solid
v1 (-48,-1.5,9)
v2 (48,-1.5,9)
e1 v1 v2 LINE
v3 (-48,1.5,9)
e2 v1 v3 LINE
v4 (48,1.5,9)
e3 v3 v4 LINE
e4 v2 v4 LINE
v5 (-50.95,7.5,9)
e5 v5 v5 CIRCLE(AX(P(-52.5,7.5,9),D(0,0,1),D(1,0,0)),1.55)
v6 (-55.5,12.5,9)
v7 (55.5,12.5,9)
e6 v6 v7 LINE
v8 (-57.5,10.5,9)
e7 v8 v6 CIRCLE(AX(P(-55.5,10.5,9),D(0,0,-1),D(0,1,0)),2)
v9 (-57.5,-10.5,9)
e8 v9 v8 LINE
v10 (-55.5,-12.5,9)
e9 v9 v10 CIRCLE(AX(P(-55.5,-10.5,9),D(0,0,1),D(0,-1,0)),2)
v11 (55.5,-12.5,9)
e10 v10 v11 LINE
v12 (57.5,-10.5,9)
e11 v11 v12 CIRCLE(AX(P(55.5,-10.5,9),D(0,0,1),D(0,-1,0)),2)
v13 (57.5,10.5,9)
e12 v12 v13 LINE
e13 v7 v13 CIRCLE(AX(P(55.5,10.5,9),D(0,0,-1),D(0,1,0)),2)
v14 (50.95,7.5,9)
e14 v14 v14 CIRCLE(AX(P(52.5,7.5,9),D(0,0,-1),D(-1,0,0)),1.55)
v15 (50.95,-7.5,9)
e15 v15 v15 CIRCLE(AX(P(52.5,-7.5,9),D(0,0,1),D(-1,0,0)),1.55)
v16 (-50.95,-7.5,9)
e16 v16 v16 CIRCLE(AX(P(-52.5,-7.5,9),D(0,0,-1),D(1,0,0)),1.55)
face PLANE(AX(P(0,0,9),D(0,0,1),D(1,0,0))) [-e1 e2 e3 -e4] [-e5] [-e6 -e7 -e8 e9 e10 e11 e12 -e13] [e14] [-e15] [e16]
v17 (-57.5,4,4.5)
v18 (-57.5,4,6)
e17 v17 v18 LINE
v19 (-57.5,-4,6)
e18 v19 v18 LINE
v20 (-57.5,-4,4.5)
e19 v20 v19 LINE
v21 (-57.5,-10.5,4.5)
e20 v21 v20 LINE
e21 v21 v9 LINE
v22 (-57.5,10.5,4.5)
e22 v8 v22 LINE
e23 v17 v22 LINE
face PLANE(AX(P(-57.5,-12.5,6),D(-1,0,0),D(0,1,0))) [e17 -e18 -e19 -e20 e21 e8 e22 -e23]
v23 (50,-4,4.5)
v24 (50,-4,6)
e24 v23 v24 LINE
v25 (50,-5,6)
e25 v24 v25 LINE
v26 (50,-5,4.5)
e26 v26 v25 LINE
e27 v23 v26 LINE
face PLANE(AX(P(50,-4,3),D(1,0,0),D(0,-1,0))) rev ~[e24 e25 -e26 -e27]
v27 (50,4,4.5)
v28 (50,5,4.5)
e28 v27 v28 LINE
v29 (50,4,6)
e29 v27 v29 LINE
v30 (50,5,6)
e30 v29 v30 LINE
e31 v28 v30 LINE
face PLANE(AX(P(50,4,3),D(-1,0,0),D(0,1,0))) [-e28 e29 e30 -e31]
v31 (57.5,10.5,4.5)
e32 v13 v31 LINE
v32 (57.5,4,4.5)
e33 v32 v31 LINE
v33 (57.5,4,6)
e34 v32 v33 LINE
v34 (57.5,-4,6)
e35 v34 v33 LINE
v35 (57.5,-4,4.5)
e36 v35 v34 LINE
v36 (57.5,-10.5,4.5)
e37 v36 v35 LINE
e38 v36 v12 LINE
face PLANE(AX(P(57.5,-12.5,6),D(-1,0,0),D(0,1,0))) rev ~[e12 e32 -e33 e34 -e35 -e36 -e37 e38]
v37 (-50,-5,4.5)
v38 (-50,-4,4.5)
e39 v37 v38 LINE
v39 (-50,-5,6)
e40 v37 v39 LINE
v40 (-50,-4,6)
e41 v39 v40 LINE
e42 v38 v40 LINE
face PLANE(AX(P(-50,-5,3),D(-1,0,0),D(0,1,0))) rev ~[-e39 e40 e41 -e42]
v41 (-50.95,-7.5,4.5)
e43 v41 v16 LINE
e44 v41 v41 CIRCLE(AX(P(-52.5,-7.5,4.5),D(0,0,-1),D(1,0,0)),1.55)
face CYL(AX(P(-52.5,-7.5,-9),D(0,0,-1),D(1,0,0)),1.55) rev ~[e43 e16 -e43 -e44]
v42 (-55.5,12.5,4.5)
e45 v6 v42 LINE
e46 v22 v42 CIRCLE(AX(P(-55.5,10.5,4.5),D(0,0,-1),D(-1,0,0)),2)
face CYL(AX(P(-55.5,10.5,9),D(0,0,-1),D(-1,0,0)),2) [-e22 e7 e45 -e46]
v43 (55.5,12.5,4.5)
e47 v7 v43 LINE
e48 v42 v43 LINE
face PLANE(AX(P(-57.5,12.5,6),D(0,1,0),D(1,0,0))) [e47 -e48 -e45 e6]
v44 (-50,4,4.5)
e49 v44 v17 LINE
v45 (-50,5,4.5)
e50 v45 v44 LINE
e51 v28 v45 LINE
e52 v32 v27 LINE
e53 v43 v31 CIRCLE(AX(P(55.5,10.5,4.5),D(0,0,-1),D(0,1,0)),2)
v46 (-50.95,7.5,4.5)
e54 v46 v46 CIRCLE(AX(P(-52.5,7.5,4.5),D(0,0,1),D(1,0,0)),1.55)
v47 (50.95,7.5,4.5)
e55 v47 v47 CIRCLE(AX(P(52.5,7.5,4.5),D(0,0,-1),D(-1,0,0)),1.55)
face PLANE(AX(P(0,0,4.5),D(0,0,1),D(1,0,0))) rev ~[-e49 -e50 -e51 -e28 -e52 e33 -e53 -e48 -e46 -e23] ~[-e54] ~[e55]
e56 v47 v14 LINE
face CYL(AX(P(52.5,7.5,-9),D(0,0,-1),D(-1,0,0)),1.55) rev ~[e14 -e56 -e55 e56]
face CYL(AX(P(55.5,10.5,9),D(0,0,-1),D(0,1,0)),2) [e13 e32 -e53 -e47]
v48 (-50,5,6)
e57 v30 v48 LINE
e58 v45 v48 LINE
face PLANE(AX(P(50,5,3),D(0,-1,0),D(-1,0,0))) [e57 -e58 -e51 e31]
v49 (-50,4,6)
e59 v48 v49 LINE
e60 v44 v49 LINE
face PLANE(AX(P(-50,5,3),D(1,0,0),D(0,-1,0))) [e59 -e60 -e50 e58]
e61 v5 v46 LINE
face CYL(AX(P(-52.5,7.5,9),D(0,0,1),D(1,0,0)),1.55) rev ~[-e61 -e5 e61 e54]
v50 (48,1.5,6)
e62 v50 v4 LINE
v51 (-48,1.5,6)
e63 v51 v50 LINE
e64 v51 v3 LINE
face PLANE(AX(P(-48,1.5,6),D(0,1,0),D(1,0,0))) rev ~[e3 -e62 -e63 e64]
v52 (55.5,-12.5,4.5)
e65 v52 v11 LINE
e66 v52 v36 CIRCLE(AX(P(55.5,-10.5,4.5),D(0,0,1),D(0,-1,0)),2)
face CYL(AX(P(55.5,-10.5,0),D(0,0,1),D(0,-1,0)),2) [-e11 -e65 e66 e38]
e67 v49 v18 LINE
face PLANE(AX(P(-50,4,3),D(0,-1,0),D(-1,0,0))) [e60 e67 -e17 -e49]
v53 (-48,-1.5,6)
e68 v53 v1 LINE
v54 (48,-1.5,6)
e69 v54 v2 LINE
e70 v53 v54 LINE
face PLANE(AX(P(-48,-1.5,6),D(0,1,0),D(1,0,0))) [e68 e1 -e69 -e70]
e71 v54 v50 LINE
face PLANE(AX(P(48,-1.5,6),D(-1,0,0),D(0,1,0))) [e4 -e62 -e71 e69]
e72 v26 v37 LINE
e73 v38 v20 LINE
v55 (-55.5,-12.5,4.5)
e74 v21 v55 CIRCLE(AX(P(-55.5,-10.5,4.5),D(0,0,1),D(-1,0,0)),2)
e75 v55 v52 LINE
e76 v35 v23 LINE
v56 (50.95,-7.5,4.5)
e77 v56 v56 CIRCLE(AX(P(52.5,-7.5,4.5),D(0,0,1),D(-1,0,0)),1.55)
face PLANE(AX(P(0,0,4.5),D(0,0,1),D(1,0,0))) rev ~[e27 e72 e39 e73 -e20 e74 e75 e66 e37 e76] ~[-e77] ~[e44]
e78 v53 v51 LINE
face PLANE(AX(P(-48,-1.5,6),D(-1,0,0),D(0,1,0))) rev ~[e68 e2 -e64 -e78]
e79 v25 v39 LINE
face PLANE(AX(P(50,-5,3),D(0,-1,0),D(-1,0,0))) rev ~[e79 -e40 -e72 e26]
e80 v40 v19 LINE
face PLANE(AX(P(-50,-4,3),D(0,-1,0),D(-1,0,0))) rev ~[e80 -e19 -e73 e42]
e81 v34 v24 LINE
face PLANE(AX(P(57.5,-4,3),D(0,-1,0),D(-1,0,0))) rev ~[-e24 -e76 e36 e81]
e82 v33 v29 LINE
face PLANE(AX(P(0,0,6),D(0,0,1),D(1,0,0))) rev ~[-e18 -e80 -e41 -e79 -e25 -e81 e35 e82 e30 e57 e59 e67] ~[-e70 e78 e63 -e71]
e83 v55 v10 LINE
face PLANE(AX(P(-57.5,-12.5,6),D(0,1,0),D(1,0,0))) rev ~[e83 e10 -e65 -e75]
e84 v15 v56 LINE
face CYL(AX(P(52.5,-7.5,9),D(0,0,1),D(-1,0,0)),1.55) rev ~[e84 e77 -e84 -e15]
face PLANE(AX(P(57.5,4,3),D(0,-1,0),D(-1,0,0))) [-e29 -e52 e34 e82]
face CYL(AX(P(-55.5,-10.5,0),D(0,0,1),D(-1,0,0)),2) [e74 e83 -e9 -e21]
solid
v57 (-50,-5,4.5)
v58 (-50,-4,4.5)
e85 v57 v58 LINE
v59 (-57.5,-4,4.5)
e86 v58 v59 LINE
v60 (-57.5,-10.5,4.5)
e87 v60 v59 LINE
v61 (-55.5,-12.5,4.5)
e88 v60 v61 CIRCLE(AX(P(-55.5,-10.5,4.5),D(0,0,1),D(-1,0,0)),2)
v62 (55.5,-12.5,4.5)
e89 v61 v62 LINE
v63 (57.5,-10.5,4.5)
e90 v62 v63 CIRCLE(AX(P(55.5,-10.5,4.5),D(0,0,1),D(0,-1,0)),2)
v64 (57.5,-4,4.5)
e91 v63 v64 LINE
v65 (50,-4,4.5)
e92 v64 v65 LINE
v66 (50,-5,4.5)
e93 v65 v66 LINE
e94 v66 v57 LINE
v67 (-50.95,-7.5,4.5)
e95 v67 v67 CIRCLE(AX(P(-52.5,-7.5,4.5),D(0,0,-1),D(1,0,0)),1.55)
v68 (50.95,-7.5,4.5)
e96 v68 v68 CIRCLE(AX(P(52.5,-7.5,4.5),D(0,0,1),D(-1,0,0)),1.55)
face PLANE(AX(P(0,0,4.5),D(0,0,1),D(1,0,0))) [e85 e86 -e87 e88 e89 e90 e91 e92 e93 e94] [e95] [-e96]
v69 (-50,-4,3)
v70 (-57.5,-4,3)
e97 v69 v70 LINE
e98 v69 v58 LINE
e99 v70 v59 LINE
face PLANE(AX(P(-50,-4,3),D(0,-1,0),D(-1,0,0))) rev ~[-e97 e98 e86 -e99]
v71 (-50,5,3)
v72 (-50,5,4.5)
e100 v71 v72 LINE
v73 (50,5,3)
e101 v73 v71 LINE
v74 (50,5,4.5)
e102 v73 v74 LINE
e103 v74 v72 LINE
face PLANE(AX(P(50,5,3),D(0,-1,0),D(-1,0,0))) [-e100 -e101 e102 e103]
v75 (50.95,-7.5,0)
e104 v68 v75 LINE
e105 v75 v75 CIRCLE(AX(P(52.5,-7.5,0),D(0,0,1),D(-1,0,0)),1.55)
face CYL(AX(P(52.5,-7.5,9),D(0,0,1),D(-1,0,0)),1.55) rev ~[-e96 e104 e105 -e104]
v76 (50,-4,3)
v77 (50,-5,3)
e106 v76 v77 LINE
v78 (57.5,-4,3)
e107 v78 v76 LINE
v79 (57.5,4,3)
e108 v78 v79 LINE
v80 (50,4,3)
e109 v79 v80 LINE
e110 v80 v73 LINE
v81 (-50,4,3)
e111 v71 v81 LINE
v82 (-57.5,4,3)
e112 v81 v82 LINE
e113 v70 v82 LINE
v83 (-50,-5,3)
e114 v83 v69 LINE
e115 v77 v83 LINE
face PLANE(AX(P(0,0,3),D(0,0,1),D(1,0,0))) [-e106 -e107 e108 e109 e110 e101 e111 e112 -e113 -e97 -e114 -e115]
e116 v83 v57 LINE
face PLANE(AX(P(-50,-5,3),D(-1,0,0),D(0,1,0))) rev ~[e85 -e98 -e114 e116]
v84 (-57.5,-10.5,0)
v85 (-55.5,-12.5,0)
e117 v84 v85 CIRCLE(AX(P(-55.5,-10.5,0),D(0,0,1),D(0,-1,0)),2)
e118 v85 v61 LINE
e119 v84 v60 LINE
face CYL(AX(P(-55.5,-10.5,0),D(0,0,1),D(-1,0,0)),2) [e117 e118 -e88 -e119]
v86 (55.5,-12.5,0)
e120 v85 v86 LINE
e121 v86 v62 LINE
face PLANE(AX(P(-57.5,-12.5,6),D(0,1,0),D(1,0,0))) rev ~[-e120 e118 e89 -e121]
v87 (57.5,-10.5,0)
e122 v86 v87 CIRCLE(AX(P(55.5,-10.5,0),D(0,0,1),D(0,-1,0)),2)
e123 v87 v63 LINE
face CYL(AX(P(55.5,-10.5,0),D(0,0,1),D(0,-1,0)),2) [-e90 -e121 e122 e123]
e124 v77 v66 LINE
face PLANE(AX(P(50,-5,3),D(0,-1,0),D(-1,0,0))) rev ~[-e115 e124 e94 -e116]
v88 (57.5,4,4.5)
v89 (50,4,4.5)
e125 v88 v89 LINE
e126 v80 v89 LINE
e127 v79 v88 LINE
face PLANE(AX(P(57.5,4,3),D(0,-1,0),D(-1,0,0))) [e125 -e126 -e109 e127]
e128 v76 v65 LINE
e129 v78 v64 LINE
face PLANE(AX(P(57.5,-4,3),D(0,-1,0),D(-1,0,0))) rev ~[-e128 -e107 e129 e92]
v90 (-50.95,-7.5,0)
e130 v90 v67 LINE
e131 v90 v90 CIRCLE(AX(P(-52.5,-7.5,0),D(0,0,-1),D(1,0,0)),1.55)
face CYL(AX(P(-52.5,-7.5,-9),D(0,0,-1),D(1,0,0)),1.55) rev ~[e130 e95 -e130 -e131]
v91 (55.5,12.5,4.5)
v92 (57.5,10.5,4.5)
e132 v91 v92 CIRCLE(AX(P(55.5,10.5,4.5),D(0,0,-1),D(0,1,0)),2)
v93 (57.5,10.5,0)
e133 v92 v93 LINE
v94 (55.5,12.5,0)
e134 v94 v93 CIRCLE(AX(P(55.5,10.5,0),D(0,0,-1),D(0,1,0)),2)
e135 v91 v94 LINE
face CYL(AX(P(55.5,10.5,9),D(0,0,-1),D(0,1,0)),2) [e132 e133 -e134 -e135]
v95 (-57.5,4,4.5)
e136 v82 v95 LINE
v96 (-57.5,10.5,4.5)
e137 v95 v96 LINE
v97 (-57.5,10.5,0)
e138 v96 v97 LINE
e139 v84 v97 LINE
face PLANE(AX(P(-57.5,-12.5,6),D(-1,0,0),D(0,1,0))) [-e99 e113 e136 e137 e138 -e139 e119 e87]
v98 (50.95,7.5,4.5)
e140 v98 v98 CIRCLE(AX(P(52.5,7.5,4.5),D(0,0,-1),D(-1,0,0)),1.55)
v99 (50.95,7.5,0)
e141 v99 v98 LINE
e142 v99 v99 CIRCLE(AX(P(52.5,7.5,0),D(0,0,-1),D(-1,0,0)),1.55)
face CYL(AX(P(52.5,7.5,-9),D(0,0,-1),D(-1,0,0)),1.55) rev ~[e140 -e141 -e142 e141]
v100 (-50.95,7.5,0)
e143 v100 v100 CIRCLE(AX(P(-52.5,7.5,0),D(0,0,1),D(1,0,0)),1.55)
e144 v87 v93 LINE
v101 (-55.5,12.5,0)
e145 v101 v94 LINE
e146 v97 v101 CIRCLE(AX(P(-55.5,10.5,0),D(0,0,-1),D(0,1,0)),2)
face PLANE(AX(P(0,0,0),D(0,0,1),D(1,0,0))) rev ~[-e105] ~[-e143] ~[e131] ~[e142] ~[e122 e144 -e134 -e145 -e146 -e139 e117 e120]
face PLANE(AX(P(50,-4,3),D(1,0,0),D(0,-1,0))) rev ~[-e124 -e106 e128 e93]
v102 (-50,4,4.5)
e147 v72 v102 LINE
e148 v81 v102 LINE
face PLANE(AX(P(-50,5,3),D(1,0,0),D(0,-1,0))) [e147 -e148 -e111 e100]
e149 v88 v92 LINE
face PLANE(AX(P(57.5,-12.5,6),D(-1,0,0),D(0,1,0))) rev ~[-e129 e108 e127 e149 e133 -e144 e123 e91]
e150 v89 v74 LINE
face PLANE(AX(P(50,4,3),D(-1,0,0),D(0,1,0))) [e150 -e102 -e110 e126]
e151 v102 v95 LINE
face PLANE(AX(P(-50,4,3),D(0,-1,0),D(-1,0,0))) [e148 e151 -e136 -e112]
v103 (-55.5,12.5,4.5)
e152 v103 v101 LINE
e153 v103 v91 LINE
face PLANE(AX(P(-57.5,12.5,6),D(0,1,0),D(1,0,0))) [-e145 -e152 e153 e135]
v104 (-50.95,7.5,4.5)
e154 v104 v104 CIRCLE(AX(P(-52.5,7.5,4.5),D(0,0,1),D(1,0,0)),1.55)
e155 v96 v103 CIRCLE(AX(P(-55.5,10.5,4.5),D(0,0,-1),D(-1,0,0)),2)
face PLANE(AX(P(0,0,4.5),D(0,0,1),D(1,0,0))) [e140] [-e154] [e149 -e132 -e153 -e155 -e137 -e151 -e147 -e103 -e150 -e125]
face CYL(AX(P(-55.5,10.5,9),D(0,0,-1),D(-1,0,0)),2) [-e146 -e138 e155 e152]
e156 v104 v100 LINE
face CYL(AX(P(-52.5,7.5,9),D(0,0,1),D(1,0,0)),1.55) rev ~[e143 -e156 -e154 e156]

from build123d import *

# Parameters (mm, degrees)
BOX_BOTTOM_HALF_0_W     = 117
BOX_BOTTOM_HALF_0_H     = 27
BOX_BOTTOM_HALF_0_DEPTH = 5.5
SKETCH_W                = 115
SKETCH_H                = 25
PAD_DEPTH               = 3
PAD001_DEPTH            = 3
SKETCH002_W             = 115
SKETCH002_H             = 25
SKETCH002_W_2           = 96
SKETCH002_H_2           = 3
PAD002_DEPTH            = 3
SKETCH003_R             = 1.55
POCKET_DEPTH            = 245.060315
POLARPATTERN_COUNT      = 2
POLARPATTERN001_COUNT   = 2
POLARPATTERN002_COUNT   = 2
FILLET_R                = 2


with BuildPart() as box_bottom_half_0_body:
    # box_bottom_half_0 → box_bottom_half_0 (new body)
    with BuildSketch(Plane(origin=(-58.5, -13.5, -1), x_dir=(1, 0, 0), z_dir=(0, 0, 1))):
        with Locations((58.5, 13.5)):
            Rectangle(BOX_BOTTOM_HALF_0_W, BOX_BOTTOM_HALF_0_H)
    extrude(amount=BOX_BOTTOM_HALF_0_DEPTH)


with BuildPart() as body:
    # Sketch → Pad (new body)
    with BuildSketch(Plane.XY):
        Rectangle(SKETCH_W, SKETCH_H)
    extrude(amount=PAD_DEPTH)

    # Sketch001 (on Face6 of Pad) → Pad001 (join)
    with BuildSketch(Plane.XY.offset(3)):
        Polygon((-57.5, 12.5), (57.5, 12.5), (57.5, 4), (50, 4), (50, 5), (-50, 5), (-50, 4), (-57.5, 4), align=None)
        Polygon((-57.5, -12.5), (57.5, -12.5), (57.5, -4), (50, -4), (50, -5), (-50, -5), (-50, -4), (-57.5, -4), align=None)
    extrude(amount=PAD001_DEPTH)

    # Sketch002 (on Face12 of Pad001) → Pad002 (join)
    with BuildSketch(Plane.XY.offset(6)):
        Rectangle(SKETCH002_W, SKETCH002_H)
        Rectangle(SKETCH002_W_2, SKETCH002_H_2, mode=Mode.SUBTRACT)
    extrude(amount=PAD002_DEPTH)

    # Sketch003 (on Face26 of Pad002) → Pocket (cut, through all)
    with BuildSketch(Plane.XY.offset(9)):
        with Locations((-52.5, 7.5)):
            Circle(SKETCH003_R)
    pocket = extrude(amount=-POCKET_DEPTH, mode=Mode.SUBTRACT)

    # PolarPattern: Pocket ×2 about axis
    polarpattern_axis = Axis((0, 0, 0), (0, 1, 0))
    for i in range(1, POLARPATTERN_COUNT):
        add(pocket.rotate(polarpattern_axis, i * 360 / POLARPATTERN_COUNT), mode=Mode.SUBTRACT)

    # PolarPattern001: Pocket ×2 about axis
    polarpattern001_axis = Axis((0, 0, 0), (1, 0, 0))
    for i in range(1, POLARPATTERN001_COUNT):
        add(pocket.rotate(polarpattern001_axis, i * 360 / POLARPATTERN001_COUNT), mode=Mode.SUBTRACT)

    # PolarPattern002: Pocket ×2 about axis
    polarpattern002_axis = Axis((0, 0, 9), (0, 0, 1))
    for i in range(1, POLARPATTERN002_COUNT):
        add(pocket.rotate(polarpattern002_axis, i * 360 / POLARPATTERN002_COUNT), mode=Mode.SUBTRACT)

    # Fillet
    fillet_edges = [body.edges().sort_by_distance(p)[0] for p in [
        (57.5, 12.5, 7.5),
        (57.5, 12.5, 4.5),
        (57.5, 12.5, 1.5),
        (57.5, -12.5, 7.5),
        (-57.5, 12.5, 7.5),
        (-57.5, -12.5, 7.5),
    ]]
    fillet(fillet_edges, radius=FILLET_R)


with BuildPart() as bottom_half_0_body:
    # bottom_half_0 base: copy of Body
    add(body.part)

    # bottom_half_0: intersect box_bottom_half_0 body
    add(box_bottom_half_0_body.part, mode=Mode.INTERSECT)


with BuildPart() as top_half_0_body:
    # top_half_0 base: copy of Body
    add(body.part)

    # top_half_0: cut box_bottom_half_0 body
    add(box_bottom_half_0_body.part, mode=Mode.SUBTRACT)


solid = Compound([bottom_half_0_body.part, top_half_0_body.part])
